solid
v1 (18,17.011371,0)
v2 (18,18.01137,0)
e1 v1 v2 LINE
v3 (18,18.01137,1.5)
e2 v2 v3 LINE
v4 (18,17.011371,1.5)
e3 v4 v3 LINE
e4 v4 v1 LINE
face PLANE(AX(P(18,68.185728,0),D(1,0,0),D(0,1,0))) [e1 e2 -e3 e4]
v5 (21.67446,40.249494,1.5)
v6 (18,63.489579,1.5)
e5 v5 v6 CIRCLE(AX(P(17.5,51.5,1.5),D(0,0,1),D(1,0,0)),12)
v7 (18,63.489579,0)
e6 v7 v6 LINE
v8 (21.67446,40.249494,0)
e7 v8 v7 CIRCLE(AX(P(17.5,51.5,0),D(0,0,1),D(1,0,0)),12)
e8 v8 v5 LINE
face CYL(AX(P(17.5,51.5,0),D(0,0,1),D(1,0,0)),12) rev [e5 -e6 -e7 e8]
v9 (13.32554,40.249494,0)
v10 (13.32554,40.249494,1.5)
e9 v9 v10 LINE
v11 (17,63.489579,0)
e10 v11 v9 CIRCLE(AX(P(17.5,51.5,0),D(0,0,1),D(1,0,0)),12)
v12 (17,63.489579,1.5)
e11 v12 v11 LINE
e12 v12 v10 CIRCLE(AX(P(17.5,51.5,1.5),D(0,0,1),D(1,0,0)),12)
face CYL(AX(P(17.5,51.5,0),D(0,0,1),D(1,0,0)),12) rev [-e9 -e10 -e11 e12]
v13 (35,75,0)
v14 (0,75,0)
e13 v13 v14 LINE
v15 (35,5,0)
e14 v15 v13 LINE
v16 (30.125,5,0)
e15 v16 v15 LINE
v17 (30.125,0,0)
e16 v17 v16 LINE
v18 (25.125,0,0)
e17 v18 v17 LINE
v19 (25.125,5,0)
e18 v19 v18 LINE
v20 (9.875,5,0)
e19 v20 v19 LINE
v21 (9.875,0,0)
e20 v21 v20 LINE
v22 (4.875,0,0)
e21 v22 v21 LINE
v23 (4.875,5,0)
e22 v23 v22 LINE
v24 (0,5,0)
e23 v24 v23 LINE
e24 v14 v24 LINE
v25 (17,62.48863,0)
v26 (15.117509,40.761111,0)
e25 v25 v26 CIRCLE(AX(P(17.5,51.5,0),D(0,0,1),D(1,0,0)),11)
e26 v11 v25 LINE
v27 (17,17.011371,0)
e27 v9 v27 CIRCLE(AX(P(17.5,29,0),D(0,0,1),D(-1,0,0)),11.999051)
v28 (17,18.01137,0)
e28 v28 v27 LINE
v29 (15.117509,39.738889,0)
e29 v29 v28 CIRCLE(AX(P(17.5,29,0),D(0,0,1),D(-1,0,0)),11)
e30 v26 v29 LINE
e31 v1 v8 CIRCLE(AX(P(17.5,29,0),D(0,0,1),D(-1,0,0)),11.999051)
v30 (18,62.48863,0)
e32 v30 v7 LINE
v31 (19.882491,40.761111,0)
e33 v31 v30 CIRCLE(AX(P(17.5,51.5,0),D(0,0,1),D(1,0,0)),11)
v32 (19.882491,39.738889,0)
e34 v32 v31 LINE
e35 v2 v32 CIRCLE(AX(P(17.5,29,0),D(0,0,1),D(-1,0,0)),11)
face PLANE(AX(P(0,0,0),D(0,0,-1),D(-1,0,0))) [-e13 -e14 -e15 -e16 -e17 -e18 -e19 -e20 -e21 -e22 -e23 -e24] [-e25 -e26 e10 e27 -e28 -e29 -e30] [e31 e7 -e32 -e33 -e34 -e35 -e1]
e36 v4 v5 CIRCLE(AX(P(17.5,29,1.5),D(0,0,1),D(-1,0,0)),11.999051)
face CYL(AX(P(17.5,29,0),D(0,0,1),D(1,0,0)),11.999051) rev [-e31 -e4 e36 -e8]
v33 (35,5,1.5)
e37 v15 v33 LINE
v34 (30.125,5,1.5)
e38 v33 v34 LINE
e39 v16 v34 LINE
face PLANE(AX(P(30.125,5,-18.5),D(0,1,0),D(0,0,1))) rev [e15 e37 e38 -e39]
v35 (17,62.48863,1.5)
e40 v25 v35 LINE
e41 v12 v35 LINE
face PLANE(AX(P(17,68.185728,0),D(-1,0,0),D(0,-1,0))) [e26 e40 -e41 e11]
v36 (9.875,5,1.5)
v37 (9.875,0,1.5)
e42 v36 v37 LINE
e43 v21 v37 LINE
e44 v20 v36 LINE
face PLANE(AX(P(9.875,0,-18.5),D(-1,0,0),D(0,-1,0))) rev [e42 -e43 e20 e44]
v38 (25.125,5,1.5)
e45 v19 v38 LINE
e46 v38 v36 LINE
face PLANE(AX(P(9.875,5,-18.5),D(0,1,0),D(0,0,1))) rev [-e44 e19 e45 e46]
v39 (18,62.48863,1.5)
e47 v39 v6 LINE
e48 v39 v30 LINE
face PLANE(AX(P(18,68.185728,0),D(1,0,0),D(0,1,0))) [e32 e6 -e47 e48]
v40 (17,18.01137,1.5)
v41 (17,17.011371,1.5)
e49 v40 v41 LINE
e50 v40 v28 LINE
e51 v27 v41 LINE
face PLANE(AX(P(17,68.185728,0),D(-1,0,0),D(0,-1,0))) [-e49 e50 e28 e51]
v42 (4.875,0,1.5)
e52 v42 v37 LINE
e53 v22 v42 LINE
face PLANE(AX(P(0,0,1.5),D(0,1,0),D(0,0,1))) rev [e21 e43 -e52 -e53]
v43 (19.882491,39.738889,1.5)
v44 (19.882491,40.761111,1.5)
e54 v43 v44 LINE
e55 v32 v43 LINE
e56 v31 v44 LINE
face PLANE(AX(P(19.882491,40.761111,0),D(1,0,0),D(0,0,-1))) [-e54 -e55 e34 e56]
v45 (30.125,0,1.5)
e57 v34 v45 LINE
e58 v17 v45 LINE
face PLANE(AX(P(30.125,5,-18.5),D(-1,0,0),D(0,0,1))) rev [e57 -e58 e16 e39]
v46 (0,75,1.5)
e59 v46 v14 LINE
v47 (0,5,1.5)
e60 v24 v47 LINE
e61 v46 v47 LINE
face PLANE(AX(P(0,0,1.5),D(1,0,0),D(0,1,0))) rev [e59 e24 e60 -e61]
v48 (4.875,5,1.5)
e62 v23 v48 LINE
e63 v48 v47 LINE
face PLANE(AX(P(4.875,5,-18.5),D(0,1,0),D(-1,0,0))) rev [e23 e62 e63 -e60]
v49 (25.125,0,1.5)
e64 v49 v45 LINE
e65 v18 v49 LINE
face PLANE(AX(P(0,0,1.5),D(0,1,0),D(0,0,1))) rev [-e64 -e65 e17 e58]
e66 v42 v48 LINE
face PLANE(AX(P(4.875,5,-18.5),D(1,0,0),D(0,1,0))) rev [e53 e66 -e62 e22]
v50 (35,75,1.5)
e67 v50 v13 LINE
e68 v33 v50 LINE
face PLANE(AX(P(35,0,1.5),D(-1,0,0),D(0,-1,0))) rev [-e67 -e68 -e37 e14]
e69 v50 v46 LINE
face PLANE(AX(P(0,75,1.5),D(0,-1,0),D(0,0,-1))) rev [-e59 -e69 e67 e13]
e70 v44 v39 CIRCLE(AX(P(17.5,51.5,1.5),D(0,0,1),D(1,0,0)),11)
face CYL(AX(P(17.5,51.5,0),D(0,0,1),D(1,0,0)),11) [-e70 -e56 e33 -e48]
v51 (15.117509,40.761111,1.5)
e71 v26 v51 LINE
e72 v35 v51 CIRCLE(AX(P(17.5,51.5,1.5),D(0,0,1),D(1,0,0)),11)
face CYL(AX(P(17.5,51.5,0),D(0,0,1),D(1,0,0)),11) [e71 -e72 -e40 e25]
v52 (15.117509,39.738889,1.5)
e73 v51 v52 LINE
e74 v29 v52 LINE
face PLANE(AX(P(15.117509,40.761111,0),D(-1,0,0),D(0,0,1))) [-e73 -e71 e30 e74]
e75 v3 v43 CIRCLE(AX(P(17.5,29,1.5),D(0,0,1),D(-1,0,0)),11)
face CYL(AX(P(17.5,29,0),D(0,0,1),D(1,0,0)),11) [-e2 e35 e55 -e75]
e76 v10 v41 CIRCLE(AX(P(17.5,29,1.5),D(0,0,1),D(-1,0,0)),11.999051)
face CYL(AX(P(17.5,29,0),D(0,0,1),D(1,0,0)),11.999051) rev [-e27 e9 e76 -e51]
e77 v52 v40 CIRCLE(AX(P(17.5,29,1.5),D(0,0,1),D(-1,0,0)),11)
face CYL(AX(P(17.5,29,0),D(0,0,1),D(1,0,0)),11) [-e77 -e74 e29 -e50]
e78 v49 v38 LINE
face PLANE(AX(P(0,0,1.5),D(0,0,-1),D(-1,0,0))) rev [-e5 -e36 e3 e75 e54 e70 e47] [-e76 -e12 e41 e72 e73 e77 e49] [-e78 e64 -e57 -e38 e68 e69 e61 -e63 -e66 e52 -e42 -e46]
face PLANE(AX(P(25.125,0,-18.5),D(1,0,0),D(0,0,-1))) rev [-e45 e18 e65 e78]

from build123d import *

# Parameters (mm, degrees)
SKIZZE1_W                        = 35
SKIZZE1_H                        = 75
AUFSATZ_LINEAR_AUSTRAGEN1_DEPTH  = 1.5
SKIZZE3_W                        = 15.25
SKIZZE3_H                        = 5
SKIZZE3_W_2                      = 4.875
SCHNITT_LINEAR_AUSTRAGEN12_DEPTH = 20
SCHNITT_LINEAR_AUSTRAGEN18_DEPTH = 1.5
SKIZZE14_W                       = 1
SKIZZE14_H                       = 57.312152727
AUFSATZ_LINEAR_AUSTRAGEN2_DEPTH  = 1.5


with BuildPart() as part:
    # Skizze1 → Aufsatz-Linear austragen1 (new body)
    with BuildSketch(Plane.XY):
        with Locations((17.5, 37.5)):
            Rectangle(SKIZZE1_W, SKIZZE1_H)
    extrude(amount=AUFSATZ_LINEAR_AUSTRAGEN1_DEPTH)

    # Skizze3 → Schnitt-Linear austragen12 (cut)
    with BuildSketch(Plane.XY.offset(1.5)):
        with Locations((17.5, 2.5)):
            Rectangle(SKIZZE3_W, SKIZZE3_H)
        with Locations((32.5625, 2.5)):
            Rectangle(SKIZZE3_W_2, SKIZZE3_H)
        with Locations((2.4375, 2.5)):
            Rectangle(SKIZZE3_W_2, SKIZZE3_H)
    extrude(amount=-SCHNITT_LINEAR_AUSTRAGEN12_DEPTH, mode=Mode.SUBTRACT)

    # Skizze13 → Schnitt-Linear austragen18 (cut)
    with BuildSketch(Plane.XY.offset(1.5)):
        with BuildLine():
            ThreePointArc((21.674459995, 40.249493876), (17.5, 63.500000179), (13.325540005, 40.249493876))
            ThreePointArc((13.325540005, 40.249493876), (17.5, 17.000948841), (21.674459995, 40.249493876))
        make_face()
        with BuildLine():
            Line((15.117508566, 40.761111111), (15.117508566, 39.738888889))
            ThreePointArc((15.117508566, 39.738888889), (17.5, 18), (19.882491434, 39.738888889))
            Line((19.882491434, 39.738888889), (19.882491434, 40.761111111))
            ThreePointArc((19.882491434, 40.761111111), (17.5, 62.5), (15.117508566, 40.761111111))
        make_face(mode=Mode.SUBTRACT)
    extrude(amount=-SCHNITT_LINEAR_AUSTRAGEN18_DEPTH, mode=Mode.SUBTRACT)


with BuildPart() as schnitt_linear_austragen18_piece_1:
    # of the separate pieces the step leaves, piece 1, a body of its own (schnitt_linear_austragen18_pieces)
    add(part.part.solids().sort_by_distance((4.875, 0, 0))[0])



with BuildPart() as schnitt_linear_austragen18_piece_2:
    # of the separate pieces the step leaves, piece 2, a body of its own (schnitt_linear_austragen18_pieces)
    add(part.part.solids().sort_by_distance((19.882491434, 39.738888889, 0))[0])


with BuildPart() as schnitt_linear_austragen18_piece_1_1:
    add(schnitt_linear_austragen18_piece_1.part)

    add(schnitt_linear_austragen18_piece_2.part)  # Aufsatz-Linear austragen2 merges Schnitt-Linear austragen18 piece 2
    # Skizze14 → Aufsatz-Linear austragen2 (add)
    with BuildSketch(Plane.XY.offset(1.5)):
        with Locations((17.5, 39.529651928)):
            Rectangle(SKIZZE14_W, SKIZZE14_H)
    extrude(amount=-AUFSATZ_LINEAR_AUSTRAGEN2_DEPTH)


solid = schnitt_linear_austragen18_piece_1_1.part
